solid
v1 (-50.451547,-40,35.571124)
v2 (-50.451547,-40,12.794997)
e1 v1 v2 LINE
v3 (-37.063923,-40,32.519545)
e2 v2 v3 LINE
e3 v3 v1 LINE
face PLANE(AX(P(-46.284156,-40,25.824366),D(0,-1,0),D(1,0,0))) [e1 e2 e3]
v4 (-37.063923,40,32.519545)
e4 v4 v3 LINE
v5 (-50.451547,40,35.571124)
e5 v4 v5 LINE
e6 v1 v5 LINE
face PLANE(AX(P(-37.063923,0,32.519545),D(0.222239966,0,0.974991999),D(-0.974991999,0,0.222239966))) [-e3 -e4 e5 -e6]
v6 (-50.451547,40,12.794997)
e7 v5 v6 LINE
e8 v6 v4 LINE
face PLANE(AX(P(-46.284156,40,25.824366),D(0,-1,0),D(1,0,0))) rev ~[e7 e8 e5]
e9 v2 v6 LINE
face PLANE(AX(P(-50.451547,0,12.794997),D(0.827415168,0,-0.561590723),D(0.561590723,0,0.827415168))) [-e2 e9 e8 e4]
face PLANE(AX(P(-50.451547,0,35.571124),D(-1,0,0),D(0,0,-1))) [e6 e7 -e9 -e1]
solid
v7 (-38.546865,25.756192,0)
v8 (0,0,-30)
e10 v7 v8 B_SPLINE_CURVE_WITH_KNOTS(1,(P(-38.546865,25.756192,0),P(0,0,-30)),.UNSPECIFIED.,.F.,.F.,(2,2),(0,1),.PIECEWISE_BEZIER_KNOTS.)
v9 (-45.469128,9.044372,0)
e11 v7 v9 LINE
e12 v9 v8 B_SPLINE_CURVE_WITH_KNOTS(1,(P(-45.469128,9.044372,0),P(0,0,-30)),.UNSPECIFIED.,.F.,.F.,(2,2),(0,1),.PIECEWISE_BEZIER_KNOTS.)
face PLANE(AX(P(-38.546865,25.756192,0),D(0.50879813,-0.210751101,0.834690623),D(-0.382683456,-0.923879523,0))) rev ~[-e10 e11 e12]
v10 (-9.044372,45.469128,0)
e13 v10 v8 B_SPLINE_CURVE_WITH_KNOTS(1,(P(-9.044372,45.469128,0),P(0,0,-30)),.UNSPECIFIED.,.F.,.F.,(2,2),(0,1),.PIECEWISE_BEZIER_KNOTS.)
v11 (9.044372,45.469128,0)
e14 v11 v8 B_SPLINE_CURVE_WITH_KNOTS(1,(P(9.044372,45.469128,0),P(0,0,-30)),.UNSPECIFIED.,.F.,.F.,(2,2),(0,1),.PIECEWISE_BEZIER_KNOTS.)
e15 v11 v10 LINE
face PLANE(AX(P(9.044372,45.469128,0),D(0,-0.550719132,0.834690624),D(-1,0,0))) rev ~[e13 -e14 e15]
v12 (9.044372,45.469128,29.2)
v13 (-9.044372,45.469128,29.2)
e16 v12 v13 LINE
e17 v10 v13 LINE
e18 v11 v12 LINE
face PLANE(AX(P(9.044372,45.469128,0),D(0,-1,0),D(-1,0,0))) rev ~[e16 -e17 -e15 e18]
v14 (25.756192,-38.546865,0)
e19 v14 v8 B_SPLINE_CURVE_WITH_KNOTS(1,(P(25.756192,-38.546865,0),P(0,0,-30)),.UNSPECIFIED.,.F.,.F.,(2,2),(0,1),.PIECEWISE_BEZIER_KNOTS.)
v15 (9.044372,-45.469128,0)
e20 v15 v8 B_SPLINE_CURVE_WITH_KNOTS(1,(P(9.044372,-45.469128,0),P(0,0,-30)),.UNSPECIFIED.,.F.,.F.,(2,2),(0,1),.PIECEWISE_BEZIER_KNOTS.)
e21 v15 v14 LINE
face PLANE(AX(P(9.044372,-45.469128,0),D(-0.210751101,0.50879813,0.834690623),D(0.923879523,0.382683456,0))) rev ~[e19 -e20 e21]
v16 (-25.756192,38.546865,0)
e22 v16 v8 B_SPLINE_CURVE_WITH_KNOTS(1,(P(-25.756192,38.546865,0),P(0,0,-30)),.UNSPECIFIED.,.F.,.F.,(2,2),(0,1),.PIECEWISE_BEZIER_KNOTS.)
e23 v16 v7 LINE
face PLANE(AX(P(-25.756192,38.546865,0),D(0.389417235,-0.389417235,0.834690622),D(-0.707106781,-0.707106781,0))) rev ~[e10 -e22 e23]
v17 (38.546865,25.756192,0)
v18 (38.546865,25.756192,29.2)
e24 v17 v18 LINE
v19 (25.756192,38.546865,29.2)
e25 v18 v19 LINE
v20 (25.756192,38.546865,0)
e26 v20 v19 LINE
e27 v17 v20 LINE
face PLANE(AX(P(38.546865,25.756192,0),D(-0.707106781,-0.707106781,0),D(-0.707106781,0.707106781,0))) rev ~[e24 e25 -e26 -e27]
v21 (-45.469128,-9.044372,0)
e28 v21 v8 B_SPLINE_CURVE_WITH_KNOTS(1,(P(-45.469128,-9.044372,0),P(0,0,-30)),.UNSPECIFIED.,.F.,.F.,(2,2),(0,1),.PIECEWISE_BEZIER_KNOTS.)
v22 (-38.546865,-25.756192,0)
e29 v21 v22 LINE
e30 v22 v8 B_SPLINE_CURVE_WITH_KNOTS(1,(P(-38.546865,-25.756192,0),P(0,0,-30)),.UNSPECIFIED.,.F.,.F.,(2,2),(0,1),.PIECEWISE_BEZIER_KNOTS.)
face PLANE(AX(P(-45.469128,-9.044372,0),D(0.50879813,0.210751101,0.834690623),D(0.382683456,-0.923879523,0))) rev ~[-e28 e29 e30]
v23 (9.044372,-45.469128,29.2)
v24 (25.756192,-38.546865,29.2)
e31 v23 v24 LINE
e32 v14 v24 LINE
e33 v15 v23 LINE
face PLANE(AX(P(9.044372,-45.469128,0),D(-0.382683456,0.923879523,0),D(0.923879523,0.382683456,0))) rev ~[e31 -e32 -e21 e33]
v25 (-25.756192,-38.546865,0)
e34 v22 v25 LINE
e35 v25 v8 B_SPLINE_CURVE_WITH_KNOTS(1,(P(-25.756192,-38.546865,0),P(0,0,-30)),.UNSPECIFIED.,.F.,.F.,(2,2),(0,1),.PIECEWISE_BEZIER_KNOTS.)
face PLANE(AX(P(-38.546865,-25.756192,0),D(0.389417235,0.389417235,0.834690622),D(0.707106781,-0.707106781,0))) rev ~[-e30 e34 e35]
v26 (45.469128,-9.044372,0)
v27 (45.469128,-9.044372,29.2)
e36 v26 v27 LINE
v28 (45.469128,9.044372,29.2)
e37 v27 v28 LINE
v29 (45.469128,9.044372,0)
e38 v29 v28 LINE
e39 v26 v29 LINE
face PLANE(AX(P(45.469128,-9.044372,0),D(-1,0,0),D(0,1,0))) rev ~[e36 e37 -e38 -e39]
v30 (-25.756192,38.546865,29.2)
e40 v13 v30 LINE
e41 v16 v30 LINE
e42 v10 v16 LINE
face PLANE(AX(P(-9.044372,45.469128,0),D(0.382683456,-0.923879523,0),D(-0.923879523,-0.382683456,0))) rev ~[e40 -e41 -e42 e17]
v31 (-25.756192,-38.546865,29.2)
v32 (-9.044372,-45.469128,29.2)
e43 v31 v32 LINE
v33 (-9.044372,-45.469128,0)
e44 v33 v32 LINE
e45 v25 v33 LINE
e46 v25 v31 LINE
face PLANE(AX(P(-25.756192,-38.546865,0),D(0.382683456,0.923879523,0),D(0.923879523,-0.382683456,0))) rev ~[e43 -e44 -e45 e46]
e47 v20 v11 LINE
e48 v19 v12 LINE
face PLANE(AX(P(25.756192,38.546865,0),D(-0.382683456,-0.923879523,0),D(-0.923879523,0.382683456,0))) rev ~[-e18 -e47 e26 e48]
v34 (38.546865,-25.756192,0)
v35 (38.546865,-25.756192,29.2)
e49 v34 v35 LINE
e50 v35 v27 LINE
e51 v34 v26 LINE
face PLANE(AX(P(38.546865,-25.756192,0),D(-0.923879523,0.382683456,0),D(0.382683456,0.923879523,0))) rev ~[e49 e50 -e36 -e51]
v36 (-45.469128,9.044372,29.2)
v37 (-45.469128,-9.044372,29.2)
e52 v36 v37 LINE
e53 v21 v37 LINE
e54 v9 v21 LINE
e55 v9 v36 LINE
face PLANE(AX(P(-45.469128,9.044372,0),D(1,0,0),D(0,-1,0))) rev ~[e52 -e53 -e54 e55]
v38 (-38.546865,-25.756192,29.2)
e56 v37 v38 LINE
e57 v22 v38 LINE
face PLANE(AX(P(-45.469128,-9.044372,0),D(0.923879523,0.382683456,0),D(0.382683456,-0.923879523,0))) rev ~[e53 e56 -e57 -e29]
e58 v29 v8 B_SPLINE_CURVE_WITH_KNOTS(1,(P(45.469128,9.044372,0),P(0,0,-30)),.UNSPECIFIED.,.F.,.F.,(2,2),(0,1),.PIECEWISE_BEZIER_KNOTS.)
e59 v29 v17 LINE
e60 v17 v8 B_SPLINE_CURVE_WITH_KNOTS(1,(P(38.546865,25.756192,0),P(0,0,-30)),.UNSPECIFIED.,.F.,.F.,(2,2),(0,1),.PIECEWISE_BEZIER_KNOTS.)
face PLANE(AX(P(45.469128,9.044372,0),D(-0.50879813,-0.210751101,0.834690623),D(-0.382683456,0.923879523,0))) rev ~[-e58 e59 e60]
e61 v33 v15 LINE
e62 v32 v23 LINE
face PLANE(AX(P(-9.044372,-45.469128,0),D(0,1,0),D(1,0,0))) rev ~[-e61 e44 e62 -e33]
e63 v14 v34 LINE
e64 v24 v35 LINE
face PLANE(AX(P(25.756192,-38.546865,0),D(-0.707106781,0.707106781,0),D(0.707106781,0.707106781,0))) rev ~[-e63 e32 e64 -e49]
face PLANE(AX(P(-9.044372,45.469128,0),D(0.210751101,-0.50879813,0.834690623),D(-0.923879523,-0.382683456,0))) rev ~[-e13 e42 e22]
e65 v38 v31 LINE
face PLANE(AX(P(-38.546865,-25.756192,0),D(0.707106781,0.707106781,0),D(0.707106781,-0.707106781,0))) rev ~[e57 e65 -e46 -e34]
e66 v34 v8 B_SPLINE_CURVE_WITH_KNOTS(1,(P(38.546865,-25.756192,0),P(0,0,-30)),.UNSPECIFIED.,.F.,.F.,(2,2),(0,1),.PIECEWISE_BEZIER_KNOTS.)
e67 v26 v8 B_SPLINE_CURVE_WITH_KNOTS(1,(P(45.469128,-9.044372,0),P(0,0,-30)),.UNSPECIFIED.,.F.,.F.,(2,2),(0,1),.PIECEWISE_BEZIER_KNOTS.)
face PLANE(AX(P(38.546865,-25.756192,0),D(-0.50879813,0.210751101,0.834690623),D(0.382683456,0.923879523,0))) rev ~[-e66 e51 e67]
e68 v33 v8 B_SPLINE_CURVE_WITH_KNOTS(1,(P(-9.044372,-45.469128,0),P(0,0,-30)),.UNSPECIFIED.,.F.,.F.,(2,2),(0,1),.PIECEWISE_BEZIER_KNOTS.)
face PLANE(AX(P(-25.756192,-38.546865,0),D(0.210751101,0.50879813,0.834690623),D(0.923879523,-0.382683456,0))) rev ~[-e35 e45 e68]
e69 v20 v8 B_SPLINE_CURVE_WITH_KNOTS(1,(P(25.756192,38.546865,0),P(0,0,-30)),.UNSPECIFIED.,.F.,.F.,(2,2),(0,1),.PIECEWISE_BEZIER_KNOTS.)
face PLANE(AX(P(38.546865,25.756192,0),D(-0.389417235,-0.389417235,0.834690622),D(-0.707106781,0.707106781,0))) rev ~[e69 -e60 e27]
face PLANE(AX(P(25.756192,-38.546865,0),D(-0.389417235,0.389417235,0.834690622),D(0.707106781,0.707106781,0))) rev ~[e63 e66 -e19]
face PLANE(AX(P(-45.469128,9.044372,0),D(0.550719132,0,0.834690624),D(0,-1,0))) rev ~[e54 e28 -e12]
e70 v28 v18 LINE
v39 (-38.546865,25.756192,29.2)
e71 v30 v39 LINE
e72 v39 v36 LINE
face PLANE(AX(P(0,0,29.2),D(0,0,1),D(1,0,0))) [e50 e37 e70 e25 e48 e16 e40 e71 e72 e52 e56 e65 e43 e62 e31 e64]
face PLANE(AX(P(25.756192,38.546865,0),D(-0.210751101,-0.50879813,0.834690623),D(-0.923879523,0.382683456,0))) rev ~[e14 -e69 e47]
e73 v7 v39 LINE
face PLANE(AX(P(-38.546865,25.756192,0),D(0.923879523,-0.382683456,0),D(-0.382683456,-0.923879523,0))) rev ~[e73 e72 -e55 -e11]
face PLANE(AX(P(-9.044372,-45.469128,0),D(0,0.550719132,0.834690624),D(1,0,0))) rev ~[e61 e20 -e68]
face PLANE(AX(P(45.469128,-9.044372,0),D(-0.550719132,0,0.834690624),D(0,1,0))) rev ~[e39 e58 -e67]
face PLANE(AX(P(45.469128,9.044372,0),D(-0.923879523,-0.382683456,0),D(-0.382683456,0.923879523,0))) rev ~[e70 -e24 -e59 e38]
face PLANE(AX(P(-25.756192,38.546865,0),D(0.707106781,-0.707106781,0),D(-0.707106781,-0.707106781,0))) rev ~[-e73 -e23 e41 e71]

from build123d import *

# Parameters (mm, degrees)
F4_DEPTH = 29.2
F6_DEPTH = 40


with BuildPart() as f3:
    # F0 (on Top) → F3 section 0
    with BuildSketch(Plane.XY, mode=Mode.PRIVATE) as f3_s0:
        Polygon((-9.044372, -45.469128), (9.044372, -45.469128), (25.756192, -38.546865), (38.546865, -25.756192), (45.469128, -9.044372), (45.469128, 9.044372), (38.546865, 25.756192), (25.756192, 38.546865), (9.044372, 45.469128), (-9.044372, 45.469128), (-25.756192, 38.546865), (-38.546865, 25.756192), (-45.469128, 9.044372), (-45.469128, -9.044372), (-38.546865, -25.756192), (-25.756192, -38.546865), align=None)
    loft([f3_s0.sketch, Vertex(0, 0, -30)])

    # F3_face (on face) → F4 (join)
    with BuildSketch(Plane.XY):
        Polygon((-9.044372, -45.469128), (9.044372, -45.469128), (25.756192, -38.546865), (38.546865, -25.756192), (45.469128, -9.044372), (45.469128, 9.044372), (38.546865, 25.756192), (25.756192, 38.546865), (9.044372, 45.469128), (-9.044372, 45.469128), (-25.756192, 38.546865), (-38.546865, 25.756192), (-45.469128, 9.044372), (-45.469128, -9.044372), (-38.546865, -25.756192), (-25.756192, -38.546865), align=None)
    extrude(amount=F4_DEPTH)


with BuildPart() as f6:
    # F5 (on Front) → F6 (new body, symmetric)
    with BuildSketch(Plane.XZ):
        Polygon((-50.451547, 12.794997), (-37.063923, 32.519545), (-50.451547, 35.571124), align=None)
    extrude(amount=F6_DEPTH, both=True)


solid = Compound([f3.part, f6.part])
